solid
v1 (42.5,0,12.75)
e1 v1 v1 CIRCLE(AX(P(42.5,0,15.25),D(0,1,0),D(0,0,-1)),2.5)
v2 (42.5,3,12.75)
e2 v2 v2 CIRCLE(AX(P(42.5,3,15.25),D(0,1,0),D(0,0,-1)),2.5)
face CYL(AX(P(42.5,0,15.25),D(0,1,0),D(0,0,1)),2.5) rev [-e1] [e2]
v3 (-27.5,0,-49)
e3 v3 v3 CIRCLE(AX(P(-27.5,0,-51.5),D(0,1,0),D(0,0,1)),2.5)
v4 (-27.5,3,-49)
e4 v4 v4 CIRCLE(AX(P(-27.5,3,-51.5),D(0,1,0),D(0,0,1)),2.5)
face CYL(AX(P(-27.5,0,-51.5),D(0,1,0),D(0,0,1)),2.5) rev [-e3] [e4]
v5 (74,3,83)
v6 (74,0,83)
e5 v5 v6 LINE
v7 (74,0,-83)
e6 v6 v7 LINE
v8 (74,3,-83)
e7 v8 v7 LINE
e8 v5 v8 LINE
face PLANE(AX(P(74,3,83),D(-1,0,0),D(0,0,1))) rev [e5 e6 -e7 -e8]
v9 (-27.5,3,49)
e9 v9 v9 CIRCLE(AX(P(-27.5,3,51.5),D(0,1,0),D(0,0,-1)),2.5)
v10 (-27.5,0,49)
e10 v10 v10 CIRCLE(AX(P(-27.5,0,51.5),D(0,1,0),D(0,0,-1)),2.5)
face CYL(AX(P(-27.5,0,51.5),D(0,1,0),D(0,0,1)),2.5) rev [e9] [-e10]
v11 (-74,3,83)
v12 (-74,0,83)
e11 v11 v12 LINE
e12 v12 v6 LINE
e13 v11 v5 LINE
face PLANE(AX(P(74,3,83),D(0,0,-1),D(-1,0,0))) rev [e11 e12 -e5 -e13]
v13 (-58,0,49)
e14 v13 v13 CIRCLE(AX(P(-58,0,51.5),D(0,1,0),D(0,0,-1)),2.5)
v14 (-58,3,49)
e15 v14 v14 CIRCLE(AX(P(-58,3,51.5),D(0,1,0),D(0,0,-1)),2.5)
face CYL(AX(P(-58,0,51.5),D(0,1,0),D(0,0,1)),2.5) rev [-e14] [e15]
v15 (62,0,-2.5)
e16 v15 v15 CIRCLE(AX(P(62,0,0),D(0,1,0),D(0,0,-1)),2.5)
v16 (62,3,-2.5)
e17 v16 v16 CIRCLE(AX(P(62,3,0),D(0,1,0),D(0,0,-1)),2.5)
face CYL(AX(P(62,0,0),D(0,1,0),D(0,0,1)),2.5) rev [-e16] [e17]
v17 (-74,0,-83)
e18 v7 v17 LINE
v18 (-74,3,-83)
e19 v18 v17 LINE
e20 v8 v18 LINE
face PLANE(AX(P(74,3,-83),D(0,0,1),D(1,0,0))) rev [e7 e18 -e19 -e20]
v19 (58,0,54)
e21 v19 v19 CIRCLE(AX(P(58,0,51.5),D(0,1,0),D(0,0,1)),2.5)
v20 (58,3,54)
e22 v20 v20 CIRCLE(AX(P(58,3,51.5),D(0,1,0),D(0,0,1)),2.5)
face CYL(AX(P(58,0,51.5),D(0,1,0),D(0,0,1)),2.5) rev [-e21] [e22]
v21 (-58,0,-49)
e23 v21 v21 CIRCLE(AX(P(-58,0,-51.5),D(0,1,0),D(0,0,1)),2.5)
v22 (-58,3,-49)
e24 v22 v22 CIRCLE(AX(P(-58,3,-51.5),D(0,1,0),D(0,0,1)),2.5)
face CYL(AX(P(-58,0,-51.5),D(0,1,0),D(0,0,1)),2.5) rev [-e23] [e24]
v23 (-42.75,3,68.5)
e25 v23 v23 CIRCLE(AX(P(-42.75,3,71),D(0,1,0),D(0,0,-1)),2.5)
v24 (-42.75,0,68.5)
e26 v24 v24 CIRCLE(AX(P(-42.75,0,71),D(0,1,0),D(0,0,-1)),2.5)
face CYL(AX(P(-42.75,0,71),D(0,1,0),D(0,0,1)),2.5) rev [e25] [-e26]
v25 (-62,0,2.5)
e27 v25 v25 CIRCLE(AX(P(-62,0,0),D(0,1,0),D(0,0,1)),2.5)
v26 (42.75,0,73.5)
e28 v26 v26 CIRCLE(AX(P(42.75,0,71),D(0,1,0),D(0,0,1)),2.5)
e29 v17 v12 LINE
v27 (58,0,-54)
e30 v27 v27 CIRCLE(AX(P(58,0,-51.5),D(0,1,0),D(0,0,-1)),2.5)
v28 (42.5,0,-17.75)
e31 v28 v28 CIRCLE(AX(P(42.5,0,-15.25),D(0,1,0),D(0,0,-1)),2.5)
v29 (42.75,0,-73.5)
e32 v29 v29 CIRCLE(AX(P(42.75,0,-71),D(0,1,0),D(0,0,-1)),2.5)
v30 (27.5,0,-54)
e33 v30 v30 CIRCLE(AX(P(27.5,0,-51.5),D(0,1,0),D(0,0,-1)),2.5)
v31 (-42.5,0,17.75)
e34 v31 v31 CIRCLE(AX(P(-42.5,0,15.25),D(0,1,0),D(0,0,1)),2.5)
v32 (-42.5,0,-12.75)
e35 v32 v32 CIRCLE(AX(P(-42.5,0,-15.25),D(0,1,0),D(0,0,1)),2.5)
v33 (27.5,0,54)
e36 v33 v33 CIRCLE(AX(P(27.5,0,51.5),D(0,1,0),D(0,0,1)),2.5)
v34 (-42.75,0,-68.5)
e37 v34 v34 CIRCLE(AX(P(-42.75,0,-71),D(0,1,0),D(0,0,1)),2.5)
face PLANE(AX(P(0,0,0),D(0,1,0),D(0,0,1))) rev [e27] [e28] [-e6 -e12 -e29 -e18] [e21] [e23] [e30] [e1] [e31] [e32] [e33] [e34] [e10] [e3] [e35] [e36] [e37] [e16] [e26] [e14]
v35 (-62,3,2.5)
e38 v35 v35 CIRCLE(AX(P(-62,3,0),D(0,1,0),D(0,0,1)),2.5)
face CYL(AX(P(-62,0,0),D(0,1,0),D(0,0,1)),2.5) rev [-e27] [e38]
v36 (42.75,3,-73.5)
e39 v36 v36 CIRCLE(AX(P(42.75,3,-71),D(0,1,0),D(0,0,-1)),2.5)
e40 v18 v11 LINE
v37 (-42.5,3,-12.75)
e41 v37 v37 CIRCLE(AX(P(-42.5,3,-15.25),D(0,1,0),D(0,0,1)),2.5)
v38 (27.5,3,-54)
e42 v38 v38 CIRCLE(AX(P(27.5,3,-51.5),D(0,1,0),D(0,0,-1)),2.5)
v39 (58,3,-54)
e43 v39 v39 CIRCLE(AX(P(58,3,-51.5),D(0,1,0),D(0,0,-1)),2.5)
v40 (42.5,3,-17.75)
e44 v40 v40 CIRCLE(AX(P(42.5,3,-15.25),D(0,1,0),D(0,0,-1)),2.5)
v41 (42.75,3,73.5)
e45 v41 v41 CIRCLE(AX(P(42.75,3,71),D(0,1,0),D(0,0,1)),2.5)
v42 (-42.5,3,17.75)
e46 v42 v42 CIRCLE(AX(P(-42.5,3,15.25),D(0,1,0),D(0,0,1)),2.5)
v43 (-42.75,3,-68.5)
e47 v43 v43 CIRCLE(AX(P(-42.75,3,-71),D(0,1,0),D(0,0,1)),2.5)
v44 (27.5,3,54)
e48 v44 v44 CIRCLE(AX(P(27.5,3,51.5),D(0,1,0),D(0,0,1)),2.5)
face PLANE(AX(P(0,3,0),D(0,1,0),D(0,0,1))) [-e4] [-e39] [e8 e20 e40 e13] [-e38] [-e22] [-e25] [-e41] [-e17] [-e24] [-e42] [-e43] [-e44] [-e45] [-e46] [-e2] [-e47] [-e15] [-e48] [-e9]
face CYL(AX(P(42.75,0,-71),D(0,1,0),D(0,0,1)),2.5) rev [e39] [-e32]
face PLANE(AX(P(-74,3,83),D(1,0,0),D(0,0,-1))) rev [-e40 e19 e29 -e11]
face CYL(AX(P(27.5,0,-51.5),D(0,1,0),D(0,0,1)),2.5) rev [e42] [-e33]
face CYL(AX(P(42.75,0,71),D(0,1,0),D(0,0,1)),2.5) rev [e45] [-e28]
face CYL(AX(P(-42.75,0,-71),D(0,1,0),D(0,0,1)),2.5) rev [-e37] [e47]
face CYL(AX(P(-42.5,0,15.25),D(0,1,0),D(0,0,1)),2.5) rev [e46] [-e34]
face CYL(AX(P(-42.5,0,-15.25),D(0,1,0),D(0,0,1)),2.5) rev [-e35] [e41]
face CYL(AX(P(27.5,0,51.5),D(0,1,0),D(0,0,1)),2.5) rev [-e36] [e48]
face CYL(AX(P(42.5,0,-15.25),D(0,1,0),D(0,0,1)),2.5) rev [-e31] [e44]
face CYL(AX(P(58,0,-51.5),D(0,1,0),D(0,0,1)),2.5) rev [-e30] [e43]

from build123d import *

# Parameters (mm, degrees)
SKETCH_1_W          = 148
SKETCH_1_H          = 166
EXTRUDE_1_DEPTH     = 3
SKETCH_2_R          = 2.5
CUT_EXTRUDE_1_DEPTH = 4


with BuildPart() as part:
    # 草图1 → 凸台-拉伸1 (new body)
    with BuildSketch(Plane(origin=(0, 0, 0), x_dir=(1, 0, 0), z_dir=(0, 1, 0))):
        Rectangle(SKETCH_1_W, SKETCH_1_H)
    extrude(amount=EXTRUDE_1_DEPTH)

    # 草图2 → 切除-拉伸1 (cut, through all)
    with BuildSketch(Plane(origin=(0, 3, 0), x_dir=(1, 0, 0), z_dir=(0, 1, 0))):
        with Locations((-58, 51.5)):
            Circle(SKETCH_2_R)
        with Locations((-27.5, 51.5)):
            Circle(SKETCH_2_R)
        with Locations((-27.5, -51.5)):
            Circle(SKETCH_2_R)
        with Locations((-58, -51.5)):
            Circle(SKETCH_2_R)
        with Locations((58, -51.5)):
            Circle(SKETCH_2_R)
        with Locations((27.5, -51.5)):
            Circle(SKETCH_2_R)
        with Locations((27.5, 51.5)):
            Circle(SKETCH_2_R)
        with Locations((58, 51.5)):
            Circle(SKETCH_2_R)
        with Locations((-42.75, 71)):
            Circle(SKETCH_2_R)
        with Locations((-42.75, -71)):
            Circle(SKETCH_2_R)
        with Locations((42.75, -71)):
            Circle(SKETCH_2_R)
        with Locations((42.75, 71)):
            Circle(SKETCH_2_R)
        with Locations((-62, 0)):
            Circle(SKETCH_2_R)
        with Locations((-42.5, -15.25)):
            Circle(SKETCH_2_R)
        with Locations((-42.5, 15.25)):
            Circle(SKETCH_2_R)
        with Locations((42.5, 15.25)):
            Circle(SKETCH_2_R)
        with Locations((42.5, -15.25)):
            Circle(SKETCH_2_R)
        with Locations((62, 0)):
            Circle(SKETCH_2_R)
    extrude(amount=-CUT_EXTRUDE_1_DEPTH, mode=Mode.SUBTRACT)


solid = part.part
